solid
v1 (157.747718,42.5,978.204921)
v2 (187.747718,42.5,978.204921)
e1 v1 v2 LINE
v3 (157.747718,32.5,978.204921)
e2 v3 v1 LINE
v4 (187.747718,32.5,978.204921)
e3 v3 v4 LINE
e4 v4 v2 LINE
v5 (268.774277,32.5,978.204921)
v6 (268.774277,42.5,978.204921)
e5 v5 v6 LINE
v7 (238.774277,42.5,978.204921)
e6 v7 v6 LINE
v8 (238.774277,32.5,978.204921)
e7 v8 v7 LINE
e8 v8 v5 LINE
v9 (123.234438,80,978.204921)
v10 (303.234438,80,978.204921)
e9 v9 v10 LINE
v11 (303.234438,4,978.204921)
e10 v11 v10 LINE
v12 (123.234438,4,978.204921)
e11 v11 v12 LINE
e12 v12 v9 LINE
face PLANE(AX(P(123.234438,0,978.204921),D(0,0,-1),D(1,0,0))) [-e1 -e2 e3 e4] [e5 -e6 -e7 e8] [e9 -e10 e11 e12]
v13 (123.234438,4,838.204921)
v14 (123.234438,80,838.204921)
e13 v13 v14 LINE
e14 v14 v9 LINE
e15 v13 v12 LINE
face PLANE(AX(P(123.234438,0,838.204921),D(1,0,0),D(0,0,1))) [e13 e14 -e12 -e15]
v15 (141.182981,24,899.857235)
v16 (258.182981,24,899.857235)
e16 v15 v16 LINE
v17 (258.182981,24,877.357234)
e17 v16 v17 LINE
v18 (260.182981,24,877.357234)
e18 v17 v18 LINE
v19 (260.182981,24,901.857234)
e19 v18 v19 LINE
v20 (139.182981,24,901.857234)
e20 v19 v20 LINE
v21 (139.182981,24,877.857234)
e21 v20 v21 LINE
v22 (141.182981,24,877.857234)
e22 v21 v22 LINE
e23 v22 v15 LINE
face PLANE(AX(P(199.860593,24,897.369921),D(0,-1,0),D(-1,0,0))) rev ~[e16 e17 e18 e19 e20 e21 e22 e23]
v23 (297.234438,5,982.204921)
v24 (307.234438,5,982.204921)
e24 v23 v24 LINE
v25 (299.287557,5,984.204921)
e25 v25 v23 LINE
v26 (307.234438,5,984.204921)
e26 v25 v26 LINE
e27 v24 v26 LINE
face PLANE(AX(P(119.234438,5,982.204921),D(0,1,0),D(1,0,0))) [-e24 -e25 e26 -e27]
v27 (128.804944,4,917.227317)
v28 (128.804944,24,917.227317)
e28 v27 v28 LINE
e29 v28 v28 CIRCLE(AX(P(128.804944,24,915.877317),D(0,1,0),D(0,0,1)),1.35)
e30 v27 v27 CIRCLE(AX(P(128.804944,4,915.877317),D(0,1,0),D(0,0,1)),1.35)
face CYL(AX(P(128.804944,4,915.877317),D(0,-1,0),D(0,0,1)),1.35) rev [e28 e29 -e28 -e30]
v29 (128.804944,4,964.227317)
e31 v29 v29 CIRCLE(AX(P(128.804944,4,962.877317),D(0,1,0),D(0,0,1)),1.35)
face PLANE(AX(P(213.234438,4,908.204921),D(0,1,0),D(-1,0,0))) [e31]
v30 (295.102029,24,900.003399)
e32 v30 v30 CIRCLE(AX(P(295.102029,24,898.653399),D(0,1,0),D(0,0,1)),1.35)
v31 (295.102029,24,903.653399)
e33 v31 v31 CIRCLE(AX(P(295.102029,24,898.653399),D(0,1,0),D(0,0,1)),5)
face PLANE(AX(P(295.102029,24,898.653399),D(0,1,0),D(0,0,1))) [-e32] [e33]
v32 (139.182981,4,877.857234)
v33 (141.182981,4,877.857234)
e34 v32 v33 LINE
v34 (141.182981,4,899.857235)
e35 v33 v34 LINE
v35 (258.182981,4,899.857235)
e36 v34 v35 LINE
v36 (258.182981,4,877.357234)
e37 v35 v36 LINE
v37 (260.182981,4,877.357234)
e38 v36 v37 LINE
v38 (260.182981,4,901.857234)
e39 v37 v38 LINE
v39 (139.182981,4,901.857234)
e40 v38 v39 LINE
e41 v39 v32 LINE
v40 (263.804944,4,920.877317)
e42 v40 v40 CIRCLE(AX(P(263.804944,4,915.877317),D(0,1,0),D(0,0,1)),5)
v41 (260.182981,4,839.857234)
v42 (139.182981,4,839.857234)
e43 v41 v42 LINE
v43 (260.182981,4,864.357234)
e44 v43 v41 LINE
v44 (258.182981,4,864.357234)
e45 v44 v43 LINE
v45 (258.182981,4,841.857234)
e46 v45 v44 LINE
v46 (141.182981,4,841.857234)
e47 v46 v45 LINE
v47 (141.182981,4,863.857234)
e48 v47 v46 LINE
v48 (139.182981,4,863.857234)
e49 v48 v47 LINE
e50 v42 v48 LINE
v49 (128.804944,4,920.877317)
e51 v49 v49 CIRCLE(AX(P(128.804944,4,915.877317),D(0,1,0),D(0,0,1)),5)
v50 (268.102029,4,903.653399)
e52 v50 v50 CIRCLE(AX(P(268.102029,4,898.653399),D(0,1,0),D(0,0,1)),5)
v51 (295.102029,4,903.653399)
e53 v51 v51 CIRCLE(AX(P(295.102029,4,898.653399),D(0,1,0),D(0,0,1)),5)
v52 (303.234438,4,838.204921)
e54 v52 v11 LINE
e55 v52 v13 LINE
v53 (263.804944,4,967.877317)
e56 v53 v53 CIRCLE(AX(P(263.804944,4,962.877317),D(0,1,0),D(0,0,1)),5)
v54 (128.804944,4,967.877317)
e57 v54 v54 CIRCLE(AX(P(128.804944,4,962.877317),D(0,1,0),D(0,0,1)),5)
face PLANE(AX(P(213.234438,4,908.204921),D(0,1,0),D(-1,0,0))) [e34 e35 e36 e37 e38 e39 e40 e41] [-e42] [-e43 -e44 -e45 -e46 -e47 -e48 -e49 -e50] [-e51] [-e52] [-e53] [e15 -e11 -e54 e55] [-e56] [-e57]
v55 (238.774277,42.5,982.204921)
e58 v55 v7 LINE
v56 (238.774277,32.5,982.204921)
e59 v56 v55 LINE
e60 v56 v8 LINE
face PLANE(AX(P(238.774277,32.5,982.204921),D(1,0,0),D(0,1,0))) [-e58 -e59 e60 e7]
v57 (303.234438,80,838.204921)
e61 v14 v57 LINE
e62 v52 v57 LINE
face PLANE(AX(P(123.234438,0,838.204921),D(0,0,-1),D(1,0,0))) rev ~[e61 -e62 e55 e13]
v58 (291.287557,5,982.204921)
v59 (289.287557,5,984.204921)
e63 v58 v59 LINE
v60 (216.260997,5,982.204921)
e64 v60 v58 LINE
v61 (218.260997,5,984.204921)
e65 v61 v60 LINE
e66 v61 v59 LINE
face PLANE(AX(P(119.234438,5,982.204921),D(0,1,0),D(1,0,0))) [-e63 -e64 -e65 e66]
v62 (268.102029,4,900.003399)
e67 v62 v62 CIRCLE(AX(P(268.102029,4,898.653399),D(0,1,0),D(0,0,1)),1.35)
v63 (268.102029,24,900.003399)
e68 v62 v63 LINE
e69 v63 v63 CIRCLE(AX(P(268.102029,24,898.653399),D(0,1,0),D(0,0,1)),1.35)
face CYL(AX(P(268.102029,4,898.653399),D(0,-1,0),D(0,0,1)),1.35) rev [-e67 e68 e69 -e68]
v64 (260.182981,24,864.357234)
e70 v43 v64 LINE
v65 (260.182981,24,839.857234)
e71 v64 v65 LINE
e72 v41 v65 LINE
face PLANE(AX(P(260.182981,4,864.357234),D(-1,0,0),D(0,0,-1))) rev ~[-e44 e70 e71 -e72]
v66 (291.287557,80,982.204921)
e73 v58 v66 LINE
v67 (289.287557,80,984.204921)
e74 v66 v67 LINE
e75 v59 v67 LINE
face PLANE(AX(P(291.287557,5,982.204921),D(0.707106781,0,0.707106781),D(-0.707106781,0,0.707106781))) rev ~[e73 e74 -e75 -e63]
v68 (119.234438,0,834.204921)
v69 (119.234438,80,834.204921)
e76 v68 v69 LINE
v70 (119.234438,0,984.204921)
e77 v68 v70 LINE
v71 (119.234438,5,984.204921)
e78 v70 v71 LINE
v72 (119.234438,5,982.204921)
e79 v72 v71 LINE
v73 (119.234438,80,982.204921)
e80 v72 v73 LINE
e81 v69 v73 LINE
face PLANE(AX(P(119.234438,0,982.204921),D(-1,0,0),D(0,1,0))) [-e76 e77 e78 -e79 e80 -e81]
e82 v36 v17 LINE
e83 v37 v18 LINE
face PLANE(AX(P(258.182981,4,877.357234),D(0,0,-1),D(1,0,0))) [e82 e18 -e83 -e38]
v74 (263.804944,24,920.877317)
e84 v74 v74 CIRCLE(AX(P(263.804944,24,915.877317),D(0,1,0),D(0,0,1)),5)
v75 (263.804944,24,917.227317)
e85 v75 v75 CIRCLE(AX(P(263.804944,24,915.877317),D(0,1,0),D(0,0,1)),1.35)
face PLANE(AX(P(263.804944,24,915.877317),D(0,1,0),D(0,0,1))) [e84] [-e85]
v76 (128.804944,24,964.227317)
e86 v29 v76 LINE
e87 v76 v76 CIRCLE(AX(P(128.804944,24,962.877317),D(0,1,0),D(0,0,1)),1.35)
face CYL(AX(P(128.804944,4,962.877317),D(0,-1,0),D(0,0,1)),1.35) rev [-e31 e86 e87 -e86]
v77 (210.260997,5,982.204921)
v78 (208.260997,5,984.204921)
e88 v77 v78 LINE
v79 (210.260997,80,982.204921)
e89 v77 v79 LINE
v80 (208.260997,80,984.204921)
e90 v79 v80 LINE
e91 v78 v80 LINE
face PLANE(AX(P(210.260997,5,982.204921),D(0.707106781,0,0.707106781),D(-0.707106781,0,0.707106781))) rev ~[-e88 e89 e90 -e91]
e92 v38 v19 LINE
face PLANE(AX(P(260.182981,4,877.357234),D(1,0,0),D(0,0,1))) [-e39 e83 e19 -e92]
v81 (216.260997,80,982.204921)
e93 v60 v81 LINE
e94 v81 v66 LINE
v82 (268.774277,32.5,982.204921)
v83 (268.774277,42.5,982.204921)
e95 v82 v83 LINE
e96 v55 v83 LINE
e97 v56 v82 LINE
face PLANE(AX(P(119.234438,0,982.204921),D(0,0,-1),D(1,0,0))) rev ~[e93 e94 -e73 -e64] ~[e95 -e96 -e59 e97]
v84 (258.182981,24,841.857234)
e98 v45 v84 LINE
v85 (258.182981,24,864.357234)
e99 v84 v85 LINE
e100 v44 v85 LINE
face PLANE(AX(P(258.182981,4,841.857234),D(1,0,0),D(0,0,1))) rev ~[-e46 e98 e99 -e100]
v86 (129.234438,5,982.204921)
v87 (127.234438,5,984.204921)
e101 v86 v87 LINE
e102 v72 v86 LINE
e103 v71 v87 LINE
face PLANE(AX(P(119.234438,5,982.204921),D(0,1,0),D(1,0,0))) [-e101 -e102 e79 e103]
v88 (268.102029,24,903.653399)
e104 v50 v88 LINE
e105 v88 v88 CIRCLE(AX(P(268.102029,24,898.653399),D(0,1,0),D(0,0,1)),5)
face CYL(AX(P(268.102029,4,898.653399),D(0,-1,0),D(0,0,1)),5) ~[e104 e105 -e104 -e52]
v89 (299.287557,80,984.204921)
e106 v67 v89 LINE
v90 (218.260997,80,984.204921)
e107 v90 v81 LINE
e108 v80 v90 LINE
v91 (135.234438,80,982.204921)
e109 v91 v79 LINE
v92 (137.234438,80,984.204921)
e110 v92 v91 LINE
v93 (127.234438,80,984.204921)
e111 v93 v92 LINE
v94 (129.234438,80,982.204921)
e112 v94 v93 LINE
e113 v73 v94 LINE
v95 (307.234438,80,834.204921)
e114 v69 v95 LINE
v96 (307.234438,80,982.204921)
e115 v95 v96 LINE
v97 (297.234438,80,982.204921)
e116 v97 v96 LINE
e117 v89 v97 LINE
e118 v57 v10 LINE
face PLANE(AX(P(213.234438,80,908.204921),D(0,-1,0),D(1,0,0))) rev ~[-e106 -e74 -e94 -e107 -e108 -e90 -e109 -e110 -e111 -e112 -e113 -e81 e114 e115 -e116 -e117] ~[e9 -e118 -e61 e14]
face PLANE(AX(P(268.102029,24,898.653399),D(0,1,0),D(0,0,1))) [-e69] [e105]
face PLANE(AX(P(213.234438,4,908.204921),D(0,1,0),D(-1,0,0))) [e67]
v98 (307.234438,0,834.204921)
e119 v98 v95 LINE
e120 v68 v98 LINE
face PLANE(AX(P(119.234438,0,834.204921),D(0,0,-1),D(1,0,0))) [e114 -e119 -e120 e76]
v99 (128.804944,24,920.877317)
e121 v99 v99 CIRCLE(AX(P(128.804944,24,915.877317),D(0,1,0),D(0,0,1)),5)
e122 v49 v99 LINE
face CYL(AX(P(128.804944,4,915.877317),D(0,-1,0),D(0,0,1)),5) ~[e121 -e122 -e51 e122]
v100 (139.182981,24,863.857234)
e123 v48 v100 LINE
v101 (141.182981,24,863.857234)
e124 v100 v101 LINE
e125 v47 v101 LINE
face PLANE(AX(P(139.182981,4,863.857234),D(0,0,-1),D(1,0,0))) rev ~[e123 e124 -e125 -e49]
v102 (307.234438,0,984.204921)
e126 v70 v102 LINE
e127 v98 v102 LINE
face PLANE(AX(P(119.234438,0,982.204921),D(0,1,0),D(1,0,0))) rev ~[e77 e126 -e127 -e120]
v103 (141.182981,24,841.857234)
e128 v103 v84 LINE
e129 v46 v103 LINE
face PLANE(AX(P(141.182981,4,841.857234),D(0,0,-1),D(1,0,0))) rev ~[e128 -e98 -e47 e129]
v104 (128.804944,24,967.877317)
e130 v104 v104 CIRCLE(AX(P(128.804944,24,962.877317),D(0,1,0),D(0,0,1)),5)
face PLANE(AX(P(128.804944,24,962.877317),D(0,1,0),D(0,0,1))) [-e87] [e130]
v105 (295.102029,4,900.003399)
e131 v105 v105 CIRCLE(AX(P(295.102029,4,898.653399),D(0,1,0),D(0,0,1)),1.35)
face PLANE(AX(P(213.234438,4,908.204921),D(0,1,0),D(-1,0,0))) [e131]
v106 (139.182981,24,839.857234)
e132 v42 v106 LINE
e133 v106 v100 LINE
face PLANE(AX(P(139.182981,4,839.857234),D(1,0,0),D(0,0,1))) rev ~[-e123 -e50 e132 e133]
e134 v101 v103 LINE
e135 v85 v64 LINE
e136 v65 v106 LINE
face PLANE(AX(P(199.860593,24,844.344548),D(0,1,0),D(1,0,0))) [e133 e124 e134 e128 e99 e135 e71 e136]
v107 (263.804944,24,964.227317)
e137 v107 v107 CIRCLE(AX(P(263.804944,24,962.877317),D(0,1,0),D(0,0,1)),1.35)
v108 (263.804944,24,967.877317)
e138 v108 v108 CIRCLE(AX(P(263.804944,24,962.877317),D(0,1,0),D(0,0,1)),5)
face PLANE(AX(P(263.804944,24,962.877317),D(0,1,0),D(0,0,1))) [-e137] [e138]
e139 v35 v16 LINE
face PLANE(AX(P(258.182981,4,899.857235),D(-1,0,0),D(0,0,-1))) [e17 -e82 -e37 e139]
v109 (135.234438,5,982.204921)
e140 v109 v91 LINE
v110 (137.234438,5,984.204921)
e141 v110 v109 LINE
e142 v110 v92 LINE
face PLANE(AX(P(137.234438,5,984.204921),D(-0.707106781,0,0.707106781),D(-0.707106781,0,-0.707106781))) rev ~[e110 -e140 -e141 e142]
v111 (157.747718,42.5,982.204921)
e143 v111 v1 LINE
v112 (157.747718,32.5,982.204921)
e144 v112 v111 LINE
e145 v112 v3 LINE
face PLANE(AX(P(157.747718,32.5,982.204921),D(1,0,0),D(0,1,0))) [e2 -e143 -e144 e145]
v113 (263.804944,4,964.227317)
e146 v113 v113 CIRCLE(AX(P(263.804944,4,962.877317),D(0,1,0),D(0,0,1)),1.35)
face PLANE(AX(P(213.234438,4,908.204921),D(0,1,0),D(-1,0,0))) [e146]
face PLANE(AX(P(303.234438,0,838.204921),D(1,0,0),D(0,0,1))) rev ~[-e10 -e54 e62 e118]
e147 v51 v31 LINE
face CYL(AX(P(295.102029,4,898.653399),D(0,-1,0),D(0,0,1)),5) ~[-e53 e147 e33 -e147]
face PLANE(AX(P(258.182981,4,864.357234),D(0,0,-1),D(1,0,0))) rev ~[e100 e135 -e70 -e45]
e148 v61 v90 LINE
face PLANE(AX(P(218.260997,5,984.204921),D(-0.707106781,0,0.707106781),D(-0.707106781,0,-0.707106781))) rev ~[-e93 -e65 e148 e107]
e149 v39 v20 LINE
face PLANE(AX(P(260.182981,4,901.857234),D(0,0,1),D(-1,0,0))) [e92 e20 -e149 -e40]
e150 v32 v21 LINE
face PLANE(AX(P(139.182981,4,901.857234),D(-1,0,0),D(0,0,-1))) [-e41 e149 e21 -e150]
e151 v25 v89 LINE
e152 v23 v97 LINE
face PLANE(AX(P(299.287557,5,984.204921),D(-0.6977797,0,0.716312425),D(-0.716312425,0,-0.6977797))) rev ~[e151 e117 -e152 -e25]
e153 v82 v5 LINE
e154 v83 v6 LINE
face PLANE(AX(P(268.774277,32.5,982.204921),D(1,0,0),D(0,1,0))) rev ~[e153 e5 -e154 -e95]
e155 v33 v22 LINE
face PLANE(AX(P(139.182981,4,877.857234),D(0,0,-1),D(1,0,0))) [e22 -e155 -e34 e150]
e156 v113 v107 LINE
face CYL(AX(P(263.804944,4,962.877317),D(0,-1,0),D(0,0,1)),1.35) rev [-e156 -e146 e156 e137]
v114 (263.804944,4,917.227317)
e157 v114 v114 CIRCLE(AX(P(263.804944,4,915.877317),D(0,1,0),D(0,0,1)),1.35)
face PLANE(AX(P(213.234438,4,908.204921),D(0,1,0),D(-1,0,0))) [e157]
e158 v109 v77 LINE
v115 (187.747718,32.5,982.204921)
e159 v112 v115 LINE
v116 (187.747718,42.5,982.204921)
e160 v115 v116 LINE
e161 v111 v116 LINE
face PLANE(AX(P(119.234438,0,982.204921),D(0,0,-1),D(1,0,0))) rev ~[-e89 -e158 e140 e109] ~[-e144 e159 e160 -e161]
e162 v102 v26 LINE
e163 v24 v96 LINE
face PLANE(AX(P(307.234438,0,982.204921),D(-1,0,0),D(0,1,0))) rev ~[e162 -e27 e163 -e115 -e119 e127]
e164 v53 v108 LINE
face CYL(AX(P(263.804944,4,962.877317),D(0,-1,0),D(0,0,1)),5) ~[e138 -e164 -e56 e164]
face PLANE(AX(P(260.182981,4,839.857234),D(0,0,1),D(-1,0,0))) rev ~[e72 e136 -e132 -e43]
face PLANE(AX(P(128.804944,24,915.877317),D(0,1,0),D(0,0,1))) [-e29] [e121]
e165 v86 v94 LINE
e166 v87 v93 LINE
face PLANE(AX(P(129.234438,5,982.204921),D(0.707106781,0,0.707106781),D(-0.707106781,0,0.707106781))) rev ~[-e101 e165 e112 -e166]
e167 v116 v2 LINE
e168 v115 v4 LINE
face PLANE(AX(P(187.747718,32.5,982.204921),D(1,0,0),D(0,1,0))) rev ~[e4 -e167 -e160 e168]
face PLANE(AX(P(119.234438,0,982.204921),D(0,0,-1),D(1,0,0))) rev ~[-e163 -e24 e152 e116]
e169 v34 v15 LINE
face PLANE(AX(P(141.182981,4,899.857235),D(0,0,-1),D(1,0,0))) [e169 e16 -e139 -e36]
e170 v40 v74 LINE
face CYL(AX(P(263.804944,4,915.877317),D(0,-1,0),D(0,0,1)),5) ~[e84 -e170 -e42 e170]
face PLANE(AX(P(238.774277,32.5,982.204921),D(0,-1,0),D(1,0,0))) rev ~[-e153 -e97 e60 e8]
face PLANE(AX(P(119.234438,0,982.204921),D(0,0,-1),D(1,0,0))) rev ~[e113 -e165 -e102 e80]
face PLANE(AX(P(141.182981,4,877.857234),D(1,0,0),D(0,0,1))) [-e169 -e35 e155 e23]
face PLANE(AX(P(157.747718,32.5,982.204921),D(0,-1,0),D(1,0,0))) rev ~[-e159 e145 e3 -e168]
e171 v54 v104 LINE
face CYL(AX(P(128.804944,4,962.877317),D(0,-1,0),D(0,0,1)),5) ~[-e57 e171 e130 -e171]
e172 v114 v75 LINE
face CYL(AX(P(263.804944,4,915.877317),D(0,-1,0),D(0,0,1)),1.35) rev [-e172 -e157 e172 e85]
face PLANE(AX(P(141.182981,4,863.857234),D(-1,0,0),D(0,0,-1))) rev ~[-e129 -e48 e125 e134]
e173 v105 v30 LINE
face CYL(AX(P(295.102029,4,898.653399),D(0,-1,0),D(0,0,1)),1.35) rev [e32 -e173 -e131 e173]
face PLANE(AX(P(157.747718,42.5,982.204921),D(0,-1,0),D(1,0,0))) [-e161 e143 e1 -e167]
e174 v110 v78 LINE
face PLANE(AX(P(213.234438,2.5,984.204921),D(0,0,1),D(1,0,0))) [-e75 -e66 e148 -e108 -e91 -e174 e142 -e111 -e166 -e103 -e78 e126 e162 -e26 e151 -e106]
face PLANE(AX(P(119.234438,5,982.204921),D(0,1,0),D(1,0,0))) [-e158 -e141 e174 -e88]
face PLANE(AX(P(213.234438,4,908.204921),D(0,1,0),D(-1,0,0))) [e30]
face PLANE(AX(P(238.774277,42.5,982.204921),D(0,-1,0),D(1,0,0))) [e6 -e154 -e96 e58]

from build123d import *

# Parameters (mm, degrees)
SZKIC1_W                    = 180
SZKIC1_H                    = 140
DODANIE_WYCI_GNI_CIE1_DEPTH = 4
SZKIC6_R                    = 5
SZKIC6_R_2                  = 1.35
DODANIE_WYCI_GNI_CIE2_DEPTH = 20
SZKIC13_W                   = 188
SZKIC13_H                   = 148
SZKIC13_W_2                 = 180
SZKIC13_H_2                 = 140
DODANIE_WYCI_GNI_CIE3_DEPTH = 80
SZKIC14_W                   = 188
SZKIC14_H                   = 5
DODANIE_WYCI_GNI_CIE4_DEPTH = 2
DODANIE_WYCI_GNI_CIE5_DEPTH = 75
WYTNIJ_WYCI_GNI_CIE1_REACH  = 352.281
SZKIC17_W                   = 30
SZKIC17_H                   = 10


with BuildPart() as part:
    # Szkic1 → Dodanie-wyciągnięcie1 (new body)
    with BuildSketch(Plane(origin=(0, 0, 0), x_dir=(-1, 0, 0), z_dir=(0, 1, 0))):
        with Locations((-213.234437894, 908.204921089)):
            Rectangle(SZKIC1_W, SZKIC1_H)
    extrude(amount=DODANIE_WYCI_GNI_CIE1_DEPTH)

    # Szkic6 → Dodanie-wyciągnięcie2 (add)
    # profile 1 of 8: a face of its own
    with BuildSketch(Plane(origin=(0, 4, 0), x_dir=(1, 0, 0), z_dir=(0, 1, 0))):
        with Locations(Location((263.804943957, -915.877316695, 0), (0, 0, 270))):
            Circle(SZKIC6_R)
        with Locations(Location((263.804943957, -915.877316695, 0), (0, 0, 270))):
            Circle(SZKIC6_R_2, mode=Mode.SUBTRACT)
    # profile 2 of 8: a face of its own
    with BuildSketch(Plane(origin=(0, 4, 0), x_dir=(1, 0, 0), z_dir=(0, 1, 0))):
        with Locations(Location((263.804943957, -962.877316695, 0), (0, 0, 270))):
            Circle(SZKIC6_R)
        with Locations(Location((263.804943957, -962.877316695, 0), (0, 0, 270))):
            Circle(SZKIC6_R_2, mode=Mode.SUBTRACT)
    # profile 3 of 8: a face of its own
    with BuildSketch(Plane(origin=(0, 4, 0), x_dir=(1, 0, 0), z_dir=(0, 1, 0))):
        with Locations(Location((128.804943957, -915.877316695, 0), (0, 0, 270))):
            Circle(SZKIC6_R)
        with Locations(Location((128.804943957, -915.877316695, 0), (0, 0, 270))):
            Circle(SZKIC6_R_2, mode=Mode.SUBTRACT)
    # profile 4 of 8: a face of its own
    with BuildSketch(Plane(origin=(0, 4, 0), x_dir=(1, 0, 0), z_dir=(0, 1, 0))):
        with Locations(Location((128.804943957, -962.877316695, 0), (0, 0, 270))):
            Circle(SZKIC6_R)
        with Locations(Location((128.804943957, -962.877316695, 0), (0, 0, 270))):
            Circle(SZKIC6_R_2, mode=Mode.SUBTRACT)
    # profile 5 of 8: a face of its own
    with BuildSketch(Plane(origin=(0, 4, 0), x_dir=(1, 0, 0), z_dir=(0, 1, 0))):
        with Locations(Location((268.102028807, -898.653399162, 0), (0, 0, 270))):
            Circle(SZKIC6_R)
        with Locations(Location((268.102028807, -898.653399162, 0), (0, 0, 270))):
            Circle(SZKIC6_R_2, mode=Mode.SUBTRACT)
    # profile 6 of 8: a face of its own
    with BuildSketch(Plane(origin=(0, 4, 0), x_dir=(1, 0, 0), z_dir=(0, 1, 0))):
        with Locations(Location((295.102028807, -898.653399162, 0), (0, 0, 270))):
            Circle(SZKIC6_R)
        with Locations(Location((295.102028807, -898.653399162, 0), (0, 0, 270))):
            Circle(SZKIC6_R_2, mode=Mode.SUBTRACT)
    # profile 7 of 8: a face of its own
    with BuildSketch(Plane(origin=(0, 4, 0), x_dir=(1, 0, 0), z_dir=(0, 1, 0))):
        Polygon((258.182980941, -864.357234477), (260.182980941, -864.357234477), (260.182980941, -839.857234477), (139.182980941, -839.857234477), (139.182980941, -863.857234467), (141.182980941, -863.857234467), (141.182980941, -841.857234452), (258.182980941, -841.857234452), align=None)
    # profile 8 of 8: a face of its own
    with BuildSketch(Plane(origin=(0, 4, 0), x_dir=(1, 0, 0), z_dir=(0, 1, 0))):
        Polygon((141.182980941, -877.857234487), (141.182980941, -899.857234503), (258.182980941, -899.857234503), (258.182980941, -877.357234477), (260.182980941, -877.357234477), (260.182980941, -901.857234477), (139.182980941, -901.857234477), (139.182980941, -877.857234487), align=None)
    extrude(amount=DODANIE_WYCI_GNI_CIE2_DEPTH)

    # Szkic13 → Dodanie-wyciągnięcie3 (add)
    with BuildSketch(Plane.XZ):
        with Locations((213.234437894, 908.204921089)):
            Rectangle(SZKIC13_W, SZKIC13_H)
        with Locations((213.234437894, 908.204921089)):
            Rectangle(SZKIC13_W_2, SZKIC13_H_2, mode=Mode.SUBTRACT)
    extrude(amount=-DODANIE_WYCI_GNI_CIE3_DEPTH)

    # Szkic14 → Dodanie-wyciągnięcie4 (add)
    with BuildSketch(Plane.XY.offset(982.204921089)):
        with Locations((213.234437894, 2.5)):
            Rectangle(SZKIC14_W, SZKIC14_H)
    extrude(amount=DODANIE_WYCI_GNI_CIE4_DEPTH)

    # Szkic15 → Dodanie-wyciągnięcie5 (add)
    with BuildSketch(Plane(origin=(0, 5, 0), x_dir=(1, 0, 0), z_dir=(0, 1, 0))):
        Polygon((299.287557022, -984.204921089), (297.234437894, -982.204921089), (291.287557022, -982.204921089), (289.287557022, -984.204921089), align=None)
        Polygon((135.234437894, -982.204921089), (129.234437894, -982.204921089), (127.234437894, -984.204921089), (137.234437894, -984.204921089), align=None)
        Polygon((208.260997458, -984.204921089), (218.260997458, -984.204921089), (216.260997458, -982.204921089), (210.260997458, -982.204921089), align=None)
    extrude(amount=DODANIE_WYCI_GNI_CIE5_DEPTH)

    # Szkic17 → Wytnij-wyciągnięcie1 (cut, up to next)
    with BuildSketch(Plane.XY.offset(982.204921089), mode=Mode.PRIVATE) as wytnij_wyci_gni_cie1_sk1:
        with Locations((253.77427724, 37.5)):
            Rectangle(SZKIC17_W, SZKIC17_H)
    wytnij_wyci_gni_cie1_tool1 = extrude(wytnij_wyci_gni_cie1_sk1.sketch, amount=-WYTNIJ_WYCI_GNI_CIE1_REACH, mode=Mode.PRIVATE) & part.part
    # Szkic17 → Wytnij-wyciągnięcie1 (cut, up to next)
    with BuildSketch(Plane.XY.offset(982.204921089), mode=Mode.PRIVATE) as wytnij_wyci_gni_cie1_sk2:
        with Locations((172.747717676, 37.5)):
            Rectangle(SZKIC17_W, SZKIC17_H)
    wytnij_wyci_gni_cie1_tool2 = extrude(wytnij_wyci_gni_cie1_sk2.sketch, amount=-WYTNIJ_WYCI_GNI_CIE1_REACH, mode=Mode.PRIVATE) & part.part
    add(wytnij_wyci_gni_cie1_tool1.solids().sort_by_distance((253.774277, 37.5, 982.204921))[0], mode=Mode.SUBTRACT)
    add(wytnij_wyci_gni_cie1_tool2.solids().sort_by_distance((172.747718, 37.5, 982.204921))[0], mode=Mode.SUBTRACT)


solid = part.part
